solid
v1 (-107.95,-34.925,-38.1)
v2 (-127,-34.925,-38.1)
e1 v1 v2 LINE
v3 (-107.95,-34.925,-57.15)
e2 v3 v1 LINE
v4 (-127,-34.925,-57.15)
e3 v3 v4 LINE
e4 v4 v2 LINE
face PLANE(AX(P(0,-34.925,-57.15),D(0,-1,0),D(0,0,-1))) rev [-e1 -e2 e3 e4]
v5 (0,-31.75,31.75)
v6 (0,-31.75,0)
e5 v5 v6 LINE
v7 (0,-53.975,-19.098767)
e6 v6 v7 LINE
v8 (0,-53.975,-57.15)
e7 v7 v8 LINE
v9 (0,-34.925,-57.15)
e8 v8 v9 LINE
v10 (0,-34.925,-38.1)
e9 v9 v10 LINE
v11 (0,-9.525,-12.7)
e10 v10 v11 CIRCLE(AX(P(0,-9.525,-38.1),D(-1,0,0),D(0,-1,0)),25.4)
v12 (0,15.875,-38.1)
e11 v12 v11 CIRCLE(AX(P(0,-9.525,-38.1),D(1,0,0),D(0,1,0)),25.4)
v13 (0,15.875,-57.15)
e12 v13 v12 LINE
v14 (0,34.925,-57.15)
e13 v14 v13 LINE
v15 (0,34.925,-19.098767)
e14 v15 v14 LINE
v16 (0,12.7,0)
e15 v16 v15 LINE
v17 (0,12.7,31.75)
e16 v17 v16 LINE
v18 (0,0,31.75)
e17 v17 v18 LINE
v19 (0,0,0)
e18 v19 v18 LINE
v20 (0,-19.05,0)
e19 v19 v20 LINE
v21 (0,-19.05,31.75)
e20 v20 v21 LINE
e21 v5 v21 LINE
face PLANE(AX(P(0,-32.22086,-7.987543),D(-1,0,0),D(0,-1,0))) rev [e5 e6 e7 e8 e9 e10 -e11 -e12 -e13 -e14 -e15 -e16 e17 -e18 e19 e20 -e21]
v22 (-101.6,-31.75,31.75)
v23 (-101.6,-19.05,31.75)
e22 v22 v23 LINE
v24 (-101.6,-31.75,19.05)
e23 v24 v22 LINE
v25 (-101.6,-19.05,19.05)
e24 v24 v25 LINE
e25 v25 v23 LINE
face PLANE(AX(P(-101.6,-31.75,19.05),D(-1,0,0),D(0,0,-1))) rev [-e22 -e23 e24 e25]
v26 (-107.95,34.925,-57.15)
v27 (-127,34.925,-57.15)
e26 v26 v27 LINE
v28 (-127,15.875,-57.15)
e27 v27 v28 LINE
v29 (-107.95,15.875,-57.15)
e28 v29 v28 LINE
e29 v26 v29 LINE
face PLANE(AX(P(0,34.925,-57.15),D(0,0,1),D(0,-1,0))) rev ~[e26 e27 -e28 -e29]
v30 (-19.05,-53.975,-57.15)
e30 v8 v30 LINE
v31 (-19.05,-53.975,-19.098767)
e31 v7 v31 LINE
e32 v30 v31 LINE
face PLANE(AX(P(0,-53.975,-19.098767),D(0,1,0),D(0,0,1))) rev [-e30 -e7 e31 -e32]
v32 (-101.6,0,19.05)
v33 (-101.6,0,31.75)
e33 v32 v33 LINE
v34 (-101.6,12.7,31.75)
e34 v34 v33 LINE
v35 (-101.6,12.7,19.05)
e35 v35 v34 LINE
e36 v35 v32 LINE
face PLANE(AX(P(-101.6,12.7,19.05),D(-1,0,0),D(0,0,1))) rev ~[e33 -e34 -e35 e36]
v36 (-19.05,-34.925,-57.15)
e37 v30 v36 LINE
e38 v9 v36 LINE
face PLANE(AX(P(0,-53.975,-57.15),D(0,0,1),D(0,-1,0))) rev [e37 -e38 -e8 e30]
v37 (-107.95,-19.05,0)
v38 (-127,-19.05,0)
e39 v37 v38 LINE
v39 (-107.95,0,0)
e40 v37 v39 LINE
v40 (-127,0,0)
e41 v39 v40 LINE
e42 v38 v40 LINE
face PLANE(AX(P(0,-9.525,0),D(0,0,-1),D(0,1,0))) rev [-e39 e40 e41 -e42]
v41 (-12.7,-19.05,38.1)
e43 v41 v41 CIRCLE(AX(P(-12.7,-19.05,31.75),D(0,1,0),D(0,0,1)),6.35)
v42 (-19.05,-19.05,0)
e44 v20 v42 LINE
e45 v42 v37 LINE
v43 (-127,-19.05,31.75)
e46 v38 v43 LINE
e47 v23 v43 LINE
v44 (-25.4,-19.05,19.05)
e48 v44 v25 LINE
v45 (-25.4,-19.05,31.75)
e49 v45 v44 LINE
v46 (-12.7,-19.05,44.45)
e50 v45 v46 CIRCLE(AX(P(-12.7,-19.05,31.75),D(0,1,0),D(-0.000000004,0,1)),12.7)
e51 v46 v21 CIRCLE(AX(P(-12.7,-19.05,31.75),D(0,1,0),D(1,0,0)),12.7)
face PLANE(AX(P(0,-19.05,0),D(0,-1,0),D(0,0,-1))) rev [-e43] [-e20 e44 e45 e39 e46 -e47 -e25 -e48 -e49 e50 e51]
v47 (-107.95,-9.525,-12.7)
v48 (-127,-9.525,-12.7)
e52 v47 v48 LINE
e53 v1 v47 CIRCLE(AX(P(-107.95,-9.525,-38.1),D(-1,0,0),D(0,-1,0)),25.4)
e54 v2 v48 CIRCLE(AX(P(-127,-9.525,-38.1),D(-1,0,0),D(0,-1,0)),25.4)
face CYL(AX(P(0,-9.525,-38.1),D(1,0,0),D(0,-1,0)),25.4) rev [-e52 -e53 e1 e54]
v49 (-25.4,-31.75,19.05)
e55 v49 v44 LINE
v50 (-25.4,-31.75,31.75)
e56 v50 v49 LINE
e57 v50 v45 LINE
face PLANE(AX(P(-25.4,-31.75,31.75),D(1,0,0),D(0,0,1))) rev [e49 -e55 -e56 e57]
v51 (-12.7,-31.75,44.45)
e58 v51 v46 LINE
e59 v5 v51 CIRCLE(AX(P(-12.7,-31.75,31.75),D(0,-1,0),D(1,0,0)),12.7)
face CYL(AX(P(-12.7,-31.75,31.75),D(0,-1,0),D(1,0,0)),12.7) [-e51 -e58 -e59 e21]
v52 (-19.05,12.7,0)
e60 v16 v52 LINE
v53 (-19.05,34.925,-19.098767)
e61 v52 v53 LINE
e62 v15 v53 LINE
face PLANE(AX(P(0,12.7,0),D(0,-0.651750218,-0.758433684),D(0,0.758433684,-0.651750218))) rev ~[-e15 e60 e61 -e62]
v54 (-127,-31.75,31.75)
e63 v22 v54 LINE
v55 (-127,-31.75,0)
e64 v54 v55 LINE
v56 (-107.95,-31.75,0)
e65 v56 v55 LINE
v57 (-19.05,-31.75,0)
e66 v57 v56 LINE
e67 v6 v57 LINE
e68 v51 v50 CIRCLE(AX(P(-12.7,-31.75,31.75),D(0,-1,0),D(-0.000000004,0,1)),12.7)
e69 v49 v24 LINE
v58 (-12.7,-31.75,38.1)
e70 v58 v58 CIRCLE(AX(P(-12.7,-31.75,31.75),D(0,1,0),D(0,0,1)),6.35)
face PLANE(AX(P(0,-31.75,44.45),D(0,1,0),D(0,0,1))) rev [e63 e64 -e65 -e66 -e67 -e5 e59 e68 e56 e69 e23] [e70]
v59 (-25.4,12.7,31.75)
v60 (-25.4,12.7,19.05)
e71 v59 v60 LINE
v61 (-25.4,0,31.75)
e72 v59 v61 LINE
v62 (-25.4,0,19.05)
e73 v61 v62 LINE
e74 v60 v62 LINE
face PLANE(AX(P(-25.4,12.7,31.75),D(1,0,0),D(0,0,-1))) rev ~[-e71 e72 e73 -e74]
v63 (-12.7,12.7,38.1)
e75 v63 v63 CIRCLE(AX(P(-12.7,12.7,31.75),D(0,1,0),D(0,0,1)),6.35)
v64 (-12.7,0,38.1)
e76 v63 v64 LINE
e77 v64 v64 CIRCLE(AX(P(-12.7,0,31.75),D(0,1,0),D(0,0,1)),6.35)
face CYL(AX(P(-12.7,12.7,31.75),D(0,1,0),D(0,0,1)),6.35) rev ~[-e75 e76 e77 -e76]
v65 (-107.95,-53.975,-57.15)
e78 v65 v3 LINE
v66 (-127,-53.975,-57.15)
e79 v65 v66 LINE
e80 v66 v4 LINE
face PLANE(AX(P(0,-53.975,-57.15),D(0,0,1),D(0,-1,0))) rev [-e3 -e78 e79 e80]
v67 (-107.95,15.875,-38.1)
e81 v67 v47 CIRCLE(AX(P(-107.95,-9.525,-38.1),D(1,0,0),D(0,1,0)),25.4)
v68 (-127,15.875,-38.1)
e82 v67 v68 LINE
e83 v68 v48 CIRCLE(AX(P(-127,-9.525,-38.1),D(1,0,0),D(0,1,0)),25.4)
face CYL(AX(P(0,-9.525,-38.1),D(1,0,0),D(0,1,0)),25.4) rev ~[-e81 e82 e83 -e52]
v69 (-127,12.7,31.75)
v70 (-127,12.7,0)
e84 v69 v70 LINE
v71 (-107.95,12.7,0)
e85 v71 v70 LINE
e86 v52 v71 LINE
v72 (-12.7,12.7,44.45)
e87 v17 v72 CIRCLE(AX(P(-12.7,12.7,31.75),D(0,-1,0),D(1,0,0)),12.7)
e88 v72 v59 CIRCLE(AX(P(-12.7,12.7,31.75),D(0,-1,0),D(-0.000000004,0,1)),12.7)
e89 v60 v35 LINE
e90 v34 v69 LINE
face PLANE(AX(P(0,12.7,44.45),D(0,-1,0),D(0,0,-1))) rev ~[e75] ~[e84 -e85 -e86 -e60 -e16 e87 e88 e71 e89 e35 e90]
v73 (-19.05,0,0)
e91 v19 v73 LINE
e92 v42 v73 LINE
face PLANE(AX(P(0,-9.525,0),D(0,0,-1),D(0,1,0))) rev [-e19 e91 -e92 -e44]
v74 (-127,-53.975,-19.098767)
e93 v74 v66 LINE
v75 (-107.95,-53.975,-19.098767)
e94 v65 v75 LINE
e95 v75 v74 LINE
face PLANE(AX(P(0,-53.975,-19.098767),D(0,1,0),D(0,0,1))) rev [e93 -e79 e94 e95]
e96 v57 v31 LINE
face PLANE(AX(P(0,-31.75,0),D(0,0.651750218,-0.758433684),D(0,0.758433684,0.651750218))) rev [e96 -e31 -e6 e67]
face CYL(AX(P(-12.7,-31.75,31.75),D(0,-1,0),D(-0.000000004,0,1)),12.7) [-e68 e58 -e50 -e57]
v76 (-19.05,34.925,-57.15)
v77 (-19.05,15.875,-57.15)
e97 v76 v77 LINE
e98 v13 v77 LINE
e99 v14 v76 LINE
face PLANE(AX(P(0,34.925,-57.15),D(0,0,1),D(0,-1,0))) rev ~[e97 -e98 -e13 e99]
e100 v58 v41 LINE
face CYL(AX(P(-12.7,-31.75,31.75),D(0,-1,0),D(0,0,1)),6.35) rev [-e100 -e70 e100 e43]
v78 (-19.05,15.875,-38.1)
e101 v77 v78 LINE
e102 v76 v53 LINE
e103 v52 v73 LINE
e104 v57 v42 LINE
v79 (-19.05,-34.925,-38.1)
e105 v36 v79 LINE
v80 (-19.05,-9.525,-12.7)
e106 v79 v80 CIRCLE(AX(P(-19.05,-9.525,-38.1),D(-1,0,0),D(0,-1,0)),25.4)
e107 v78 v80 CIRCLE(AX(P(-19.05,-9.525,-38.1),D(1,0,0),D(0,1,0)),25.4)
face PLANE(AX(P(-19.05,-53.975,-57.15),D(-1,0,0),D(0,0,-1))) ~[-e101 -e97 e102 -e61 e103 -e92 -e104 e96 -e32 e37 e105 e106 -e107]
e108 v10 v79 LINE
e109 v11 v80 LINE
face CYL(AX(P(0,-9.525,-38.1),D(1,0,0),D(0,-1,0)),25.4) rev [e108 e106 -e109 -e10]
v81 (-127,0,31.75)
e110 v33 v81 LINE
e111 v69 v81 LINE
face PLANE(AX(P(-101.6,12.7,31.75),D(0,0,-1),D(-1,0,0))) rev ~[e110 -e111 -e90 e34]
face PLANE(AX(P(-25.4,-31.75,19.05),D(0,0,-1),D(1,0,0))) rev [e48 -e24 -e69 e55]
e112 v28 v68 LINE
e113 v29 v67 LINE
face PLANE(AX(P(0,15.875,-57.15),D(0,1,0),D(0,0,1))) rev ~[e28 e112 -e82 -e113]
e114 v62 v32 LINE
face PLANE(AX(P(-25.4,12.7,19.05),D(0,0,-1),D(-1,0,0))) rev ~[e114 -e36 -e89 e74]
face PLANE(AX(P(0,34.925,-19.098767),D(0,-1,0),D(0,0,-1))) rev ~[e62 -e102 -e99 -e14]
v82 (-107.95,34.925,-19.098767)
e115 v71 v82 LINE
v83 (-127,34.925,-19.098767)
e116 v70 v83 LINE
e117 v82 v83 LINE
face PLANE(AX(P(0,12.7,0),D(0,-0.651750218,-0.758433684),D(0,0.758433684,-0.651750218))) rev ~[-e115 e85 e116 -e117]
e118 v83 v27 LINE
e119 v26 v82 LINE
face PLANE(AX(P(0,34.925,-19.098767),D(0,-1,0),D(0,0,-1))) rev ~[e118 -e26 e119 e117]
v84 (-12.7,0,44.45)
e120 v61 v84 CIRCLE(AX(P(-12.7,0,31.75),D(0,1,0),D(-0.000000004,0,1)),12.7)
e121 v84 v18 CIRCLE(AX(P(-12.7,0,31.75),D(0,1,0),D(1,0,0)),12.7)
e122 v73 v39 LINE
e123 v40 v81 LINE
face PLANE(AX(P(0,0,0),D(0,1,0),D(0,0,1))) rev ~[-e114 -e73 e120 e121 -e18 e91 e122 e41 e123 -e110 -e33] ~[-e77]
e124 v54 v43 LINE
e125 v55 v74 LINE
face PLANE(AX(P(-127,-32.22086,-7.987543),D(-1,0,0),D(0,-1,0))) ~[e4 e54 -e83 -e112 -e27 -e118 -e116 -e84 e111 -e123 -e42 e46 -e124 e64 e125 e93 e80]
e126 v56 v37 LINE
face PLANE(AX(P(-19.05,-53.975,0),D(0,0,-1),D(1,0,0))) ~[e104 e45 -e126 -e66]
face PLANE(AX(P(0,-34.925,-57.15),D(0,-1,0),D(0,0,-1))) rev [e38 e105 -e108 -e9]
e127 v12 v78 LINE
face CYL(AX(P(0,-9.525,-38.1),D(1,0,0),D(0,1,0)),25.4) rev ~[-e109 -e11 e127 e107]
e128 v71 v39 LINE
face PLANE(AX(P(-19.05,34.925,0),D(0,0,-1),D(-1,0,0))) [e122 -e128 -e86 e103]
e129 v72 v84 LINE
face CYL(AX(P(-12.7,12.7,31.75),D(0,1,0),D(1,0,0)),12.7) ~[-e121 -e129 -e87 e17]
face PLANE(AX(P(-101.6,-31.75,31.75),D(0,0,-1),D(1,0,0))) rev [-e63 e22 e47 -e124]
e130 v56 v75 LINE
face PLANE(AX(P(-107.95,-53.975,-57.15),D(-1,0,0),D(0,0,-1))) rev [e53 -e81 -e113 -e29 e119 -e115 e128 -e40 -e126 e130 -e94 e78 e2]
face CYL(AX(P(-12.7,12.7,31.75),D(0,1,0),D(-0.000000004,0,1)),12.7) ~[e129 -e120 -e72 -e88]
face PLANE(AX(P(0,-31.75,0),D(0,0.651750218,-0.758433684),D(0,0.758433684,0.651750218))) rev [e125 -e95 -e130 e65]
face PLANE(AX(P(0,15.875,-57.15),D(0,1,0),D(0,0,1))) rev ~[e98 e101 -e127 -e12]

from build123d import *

# Parameters (mm, degrees)
SKETCH1_W           = 12.7
SKETCH1_H           = 44.45
BOSS_EXTRUDE1_DEPTH = 127
SKETCH2_R           = 6.35
CUT_EXTRUDE1_DEPTH  = 142.028625197
SKETCH4_W           = 88.9
SKETCH4_H           = 57.15
CUT_EXTRUDE2_DEPTH  = 147.187978302


with BuildPart() as part:
    # Sketch1 → Boss-Extrude1 (new body)
    with BuildSketch(Plane.YZ):
        with BuildLine():
            ThreePointArc((15.875, -38.1), (8.435512242, -20.139487758), (-9.525, -12.7))
            Line((-9.525, -12.7), (-9.525, 0))
            Line((-9.525, 0), (0, 0))
            Line((0, 0), (0, 44.45))
            Line((0, 44.45), (12.7, 44.45))
            Line((12.7, 44.45), (12.7, 0))
            Line((12.7, 0), (34.925, -19.098767483))
            Line((34.925, -19.098767483), (34.925, -57.15))
            Line((34.925, -57.15), (15.875, -57.15))
            Line((15.875, -57.15), (15.875, -38.1))
        make_face()
        with Locations((6.35, 22.225)):
            Rectangle(SKETCH1_W, SKETCH1_H)
    extrude(amount=-BOSS_EXTRUDE1_DEPTH)

    # Sketch2 → Cut-Extrude1 (cut, through all)
    with BuildSketch(Plane(origin=(0, 12.7, 0), x_dir=(-1, 0, 0), z_dir=(0, 1, 0))):
        with BuildLine():
            Line((101.6, 31.75), (127, 31.75))
            Line((127, 31.75), (127, 44.45))
            Line((127, 44.45), (12.700000053, 44.45))
            ThreePointArc((12.700000053, 44.45), (21.68025614, 40.730256102), (25.4, 31.75))
            Line((25.4, 31.75), (25.4, 19.05))
            Line((25.4, 19.05), (101.6, 19.05))
            Line((101.6, 19.05), (101.6, 31.75))
        make_face()
        with BuildLine():
            ThreePointArc((0, 31.75), (3.719743898, 40.73025614), (12.700000053, 44.45))
            Line((12.700000053, 44.45), (0, 44.45))
            Line((0, 44.45), (0, 31.75))
        make_face()
        with Locations(Location((12.7, 31.75, 0), (0, 0, 90))):
            Circle(SKETCH2_R)
    extrude(amount=-CUT_EXTRUDE1_DEPTH, mode=Mode.SUBTRACT)

    # Sketch4 → Cut-Extrude2 (cut, through all)
    with BuildSketch(Plane(origin=(0, 34.925, 0), x_dir=(-1, 0, 0), z_dir=(0, 1, 0))):
        with Locations((63.5, -28.575)):
            Rectangle(SKETCH4_W, SKETCH4_H)
    extrude(amount=-CUT_EXTRUDE2_DEPTH, mode=Mode.SUBTRACT)

    # Mirror1: part across plane


with BuildPart() as part_1:
    add(part.part)
    add(part.part.mirror(Plane(origin=(-127, -9.525, 0), x_dir=(0, 0, 1), z_dir=(0, -1, 0))))


solid = part_1.part
